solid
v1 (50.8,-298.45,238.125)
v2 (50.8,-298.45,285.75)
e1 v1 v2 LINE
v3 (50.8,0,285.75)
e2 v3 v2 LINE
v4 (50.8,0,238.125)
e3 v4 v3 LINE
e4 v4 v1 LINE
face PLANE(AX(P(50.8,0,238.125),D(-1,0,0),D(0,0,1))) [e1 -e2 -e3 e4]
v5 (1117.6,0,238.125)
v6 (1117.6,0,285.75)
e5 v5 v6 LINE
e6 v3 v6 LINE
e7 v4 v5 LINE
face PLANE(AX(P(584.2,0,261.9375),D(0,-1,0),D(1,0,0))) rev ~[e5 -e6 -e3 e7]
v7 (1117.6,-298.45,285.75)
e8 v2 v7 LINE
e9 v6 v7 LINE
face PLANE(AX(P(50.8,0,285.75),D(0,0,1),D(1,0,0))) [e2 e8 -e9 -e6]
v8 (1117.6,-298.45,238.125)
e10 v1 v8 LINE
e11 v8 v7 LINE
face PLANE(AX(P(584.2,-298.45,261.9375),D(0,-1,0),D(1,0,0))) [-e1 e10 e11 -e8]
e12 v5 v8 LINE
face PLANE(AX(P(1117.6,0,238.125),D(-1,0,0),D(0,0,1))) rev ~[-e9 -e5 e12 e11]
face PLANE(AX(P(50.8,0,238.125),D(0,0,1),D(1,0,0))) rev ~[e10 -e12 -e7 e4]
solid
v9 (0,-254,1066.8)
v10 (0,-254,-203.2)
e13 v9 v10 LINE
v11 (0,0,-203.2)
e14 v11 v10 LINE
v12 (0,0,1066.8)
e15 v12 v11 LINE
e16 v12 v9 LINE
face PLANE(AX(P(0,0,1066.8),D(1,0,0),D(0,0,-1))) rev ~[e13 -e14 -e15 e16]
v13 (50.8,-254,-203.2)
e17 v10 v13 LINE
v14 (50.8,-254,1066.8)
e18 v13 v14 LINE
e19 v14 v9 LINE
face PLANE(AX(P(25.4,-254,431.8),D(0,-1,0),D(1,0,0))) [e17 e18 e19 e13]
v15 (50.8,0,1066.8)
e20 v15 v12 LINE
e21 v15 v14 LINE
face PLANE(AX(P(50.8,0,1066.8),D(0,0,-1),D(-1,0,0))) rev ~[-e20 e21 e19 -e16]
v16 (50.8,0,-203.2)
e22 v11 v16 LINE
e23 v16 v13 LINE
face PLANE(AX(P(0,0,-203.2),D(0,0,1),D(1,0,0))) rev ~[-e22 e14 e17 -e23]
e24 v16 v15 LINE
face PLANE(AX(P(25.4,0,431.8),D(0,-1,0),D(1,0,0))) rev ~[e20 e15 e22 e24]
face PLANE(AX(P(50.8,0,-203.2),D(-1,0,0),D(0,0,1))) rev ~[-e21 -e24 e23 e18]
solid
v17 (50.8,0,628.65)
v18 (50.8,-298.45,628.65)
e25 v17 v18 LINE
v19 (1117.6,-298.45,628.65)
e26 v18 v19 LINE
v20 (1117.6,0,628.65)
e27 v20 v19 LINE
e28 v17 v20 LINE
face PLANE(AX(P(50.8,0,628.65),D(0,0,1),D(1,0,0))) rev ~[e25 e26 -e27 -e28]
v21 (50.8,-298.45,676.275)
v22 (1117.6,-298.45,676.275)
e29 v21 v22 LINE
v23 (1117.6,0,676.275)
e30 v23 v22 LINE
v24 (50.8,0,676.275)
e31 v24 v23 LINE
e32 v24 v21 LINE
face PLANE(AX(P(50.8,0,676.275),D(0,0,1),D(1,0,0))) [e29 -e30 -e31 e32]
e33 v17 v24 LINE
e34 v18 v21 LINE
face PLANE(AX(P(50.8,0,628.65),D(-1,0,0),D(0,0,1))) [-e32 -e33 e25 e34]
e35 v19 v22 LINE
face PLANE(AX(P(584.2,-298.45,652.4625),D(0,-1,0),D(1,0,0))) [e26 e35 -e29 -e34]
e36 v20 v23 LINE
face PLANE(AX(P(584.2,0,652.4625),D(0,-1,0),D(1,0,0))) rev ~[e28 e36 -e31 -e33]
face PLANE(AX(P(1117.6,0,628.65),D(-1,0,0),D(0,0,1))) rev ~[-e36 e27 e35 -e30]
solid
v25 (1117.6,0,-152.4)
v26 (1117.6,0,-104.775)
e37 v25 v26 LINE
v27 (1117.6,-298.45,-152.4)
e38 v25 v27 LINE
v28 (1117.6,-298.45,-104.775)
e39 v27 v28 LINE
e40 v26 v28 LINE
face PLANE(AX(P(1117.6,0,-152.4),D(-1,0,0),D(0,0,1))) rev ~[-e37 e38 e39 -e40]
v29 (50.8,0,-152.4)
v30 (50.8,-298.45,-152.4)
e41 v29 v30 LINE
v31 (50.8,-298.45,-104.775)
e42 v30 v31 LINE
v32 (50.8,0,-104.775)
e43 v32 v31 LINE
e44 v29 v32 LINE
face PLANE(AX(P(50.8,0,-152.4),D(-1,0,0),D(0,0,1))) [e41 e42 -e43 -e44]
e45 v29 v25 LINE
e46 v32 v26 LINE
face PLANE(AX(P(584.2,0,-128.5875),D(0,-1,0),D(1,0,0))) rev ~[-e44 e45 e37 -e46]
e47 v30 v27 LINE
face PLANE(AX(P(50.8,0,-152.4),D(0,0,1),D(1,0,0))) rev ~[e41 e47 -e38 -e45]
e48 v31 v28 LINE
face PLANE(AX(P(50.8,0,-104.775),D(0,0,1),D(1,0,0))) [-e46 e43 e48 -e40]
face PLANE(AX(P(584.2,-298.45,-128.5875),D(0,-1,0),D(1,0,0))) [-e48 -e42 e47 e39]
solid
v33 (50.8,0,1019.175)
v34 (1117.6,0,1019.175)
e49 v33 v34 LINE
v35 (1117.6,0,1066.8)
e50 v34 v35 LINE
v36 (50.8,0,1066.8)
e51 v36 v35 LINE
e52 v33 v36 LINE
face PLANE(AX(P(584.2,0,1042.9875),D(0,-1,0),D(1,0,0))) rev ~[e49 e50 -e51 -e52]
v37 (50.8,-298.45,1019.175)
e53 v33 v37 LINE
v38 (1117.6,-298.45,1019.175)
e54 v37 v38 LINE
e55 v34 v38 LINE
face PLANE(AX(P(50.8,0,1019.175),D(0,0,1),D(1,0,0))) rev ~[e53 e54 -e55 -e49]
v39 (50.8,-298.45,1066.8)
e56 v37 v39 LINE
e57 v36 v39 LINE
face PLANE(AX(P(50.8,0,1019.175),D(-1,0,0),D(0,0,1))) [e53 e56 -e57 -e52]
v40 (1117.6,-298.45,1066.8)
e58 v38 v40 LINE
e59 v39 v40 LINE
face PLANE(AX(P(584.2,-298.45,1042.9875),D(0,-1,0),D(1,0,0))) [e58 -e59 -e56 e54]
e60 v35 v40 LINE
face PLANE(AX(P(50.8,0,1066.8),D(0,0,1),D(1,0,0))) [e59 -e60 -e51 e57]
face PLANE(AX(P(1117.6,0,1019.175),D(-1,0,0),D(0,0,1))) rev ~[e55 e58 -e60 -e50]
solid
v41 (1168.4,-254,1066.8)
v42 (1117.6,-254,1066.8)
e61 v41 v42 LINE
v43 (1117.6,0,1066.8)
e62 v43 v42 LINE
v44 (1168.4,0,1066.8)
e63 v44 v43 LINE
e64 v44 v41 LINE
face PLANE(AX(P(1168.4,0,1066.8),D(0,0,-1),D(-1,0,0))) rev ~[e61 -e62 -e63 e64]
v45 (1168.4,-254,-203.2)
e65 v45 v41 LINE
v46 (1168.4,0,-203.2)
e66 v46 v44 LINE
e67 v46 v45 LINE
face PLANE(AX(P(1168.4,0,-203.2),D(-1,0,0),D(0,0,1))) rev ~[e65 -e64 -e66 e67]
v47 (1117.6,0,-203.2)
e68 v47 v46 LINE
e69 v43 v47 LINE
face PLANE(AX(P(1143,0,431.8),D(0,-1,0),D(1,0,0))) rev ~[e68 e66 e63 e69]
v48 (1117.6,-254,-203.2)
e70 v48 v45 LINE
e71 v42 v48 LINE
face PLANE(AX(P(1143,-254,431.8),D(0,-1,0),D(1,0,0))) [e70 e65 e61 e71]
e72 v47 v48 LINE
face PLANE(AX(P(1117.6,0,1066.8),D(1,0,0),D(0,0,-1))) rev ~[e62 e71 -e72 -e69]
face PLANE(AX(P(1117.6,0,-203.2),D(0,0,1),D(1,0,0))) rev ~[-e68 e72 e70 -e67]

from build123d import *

# Parameters (mm, degrees)
F1_DEPTH = 254
F0_W     = 1066.8
F0_H     = 47.625
F2_DEPTH = 298.45


with BuildPart() as f1:
    # F0 (on Front) → F1 (new body)
    with BuildSketch(Plane.XZ):
        Polygon((50.8, 1066.8), (0, 1066.8), (0, -203.2), (50.8, -203.2), (50.8, -152.4), (50.8, -104.775), (50.8, 238.125), (50.8, 285.75), (50.8, 628.65), (50.8, 676.275), (50.8, 1019.175), align=None)
        Polygon((1168.4, 1066.8), (1117.6, 1066.8), (1117.6, 1019.175), (1117.6, 676.275), (1117.6, 628.65), (1117.6, 285.75), (1117.6, 238.125), (1117.6, -104.775), (1117.6, -152.4), (1117.6, -203.2), (1168.4, -203.2), align=None)
    extrude(amount=F1_DEPTH)


with BuildPart() as f2:
    # F0 (on Front) → F2 (new body)
    with BuildSketch(Plane.XZ):
        with Locations((584.2, 1042.9875)):
            Rectangle(F0_W, F0_H)
        with Locations((584.2, 652.4625)):
            Rectangle(F0_W, F0_H)
        with Locations((584.2, 261.9375)):
            Rectangle(F0_W, F0_H)
        with Locations((584.2, -128.5875)):
            Rectangle(F0_W, F0_H)
    extrude(amount=F2_DEPTH)


solid = Compound([f1.part, f2.part])
